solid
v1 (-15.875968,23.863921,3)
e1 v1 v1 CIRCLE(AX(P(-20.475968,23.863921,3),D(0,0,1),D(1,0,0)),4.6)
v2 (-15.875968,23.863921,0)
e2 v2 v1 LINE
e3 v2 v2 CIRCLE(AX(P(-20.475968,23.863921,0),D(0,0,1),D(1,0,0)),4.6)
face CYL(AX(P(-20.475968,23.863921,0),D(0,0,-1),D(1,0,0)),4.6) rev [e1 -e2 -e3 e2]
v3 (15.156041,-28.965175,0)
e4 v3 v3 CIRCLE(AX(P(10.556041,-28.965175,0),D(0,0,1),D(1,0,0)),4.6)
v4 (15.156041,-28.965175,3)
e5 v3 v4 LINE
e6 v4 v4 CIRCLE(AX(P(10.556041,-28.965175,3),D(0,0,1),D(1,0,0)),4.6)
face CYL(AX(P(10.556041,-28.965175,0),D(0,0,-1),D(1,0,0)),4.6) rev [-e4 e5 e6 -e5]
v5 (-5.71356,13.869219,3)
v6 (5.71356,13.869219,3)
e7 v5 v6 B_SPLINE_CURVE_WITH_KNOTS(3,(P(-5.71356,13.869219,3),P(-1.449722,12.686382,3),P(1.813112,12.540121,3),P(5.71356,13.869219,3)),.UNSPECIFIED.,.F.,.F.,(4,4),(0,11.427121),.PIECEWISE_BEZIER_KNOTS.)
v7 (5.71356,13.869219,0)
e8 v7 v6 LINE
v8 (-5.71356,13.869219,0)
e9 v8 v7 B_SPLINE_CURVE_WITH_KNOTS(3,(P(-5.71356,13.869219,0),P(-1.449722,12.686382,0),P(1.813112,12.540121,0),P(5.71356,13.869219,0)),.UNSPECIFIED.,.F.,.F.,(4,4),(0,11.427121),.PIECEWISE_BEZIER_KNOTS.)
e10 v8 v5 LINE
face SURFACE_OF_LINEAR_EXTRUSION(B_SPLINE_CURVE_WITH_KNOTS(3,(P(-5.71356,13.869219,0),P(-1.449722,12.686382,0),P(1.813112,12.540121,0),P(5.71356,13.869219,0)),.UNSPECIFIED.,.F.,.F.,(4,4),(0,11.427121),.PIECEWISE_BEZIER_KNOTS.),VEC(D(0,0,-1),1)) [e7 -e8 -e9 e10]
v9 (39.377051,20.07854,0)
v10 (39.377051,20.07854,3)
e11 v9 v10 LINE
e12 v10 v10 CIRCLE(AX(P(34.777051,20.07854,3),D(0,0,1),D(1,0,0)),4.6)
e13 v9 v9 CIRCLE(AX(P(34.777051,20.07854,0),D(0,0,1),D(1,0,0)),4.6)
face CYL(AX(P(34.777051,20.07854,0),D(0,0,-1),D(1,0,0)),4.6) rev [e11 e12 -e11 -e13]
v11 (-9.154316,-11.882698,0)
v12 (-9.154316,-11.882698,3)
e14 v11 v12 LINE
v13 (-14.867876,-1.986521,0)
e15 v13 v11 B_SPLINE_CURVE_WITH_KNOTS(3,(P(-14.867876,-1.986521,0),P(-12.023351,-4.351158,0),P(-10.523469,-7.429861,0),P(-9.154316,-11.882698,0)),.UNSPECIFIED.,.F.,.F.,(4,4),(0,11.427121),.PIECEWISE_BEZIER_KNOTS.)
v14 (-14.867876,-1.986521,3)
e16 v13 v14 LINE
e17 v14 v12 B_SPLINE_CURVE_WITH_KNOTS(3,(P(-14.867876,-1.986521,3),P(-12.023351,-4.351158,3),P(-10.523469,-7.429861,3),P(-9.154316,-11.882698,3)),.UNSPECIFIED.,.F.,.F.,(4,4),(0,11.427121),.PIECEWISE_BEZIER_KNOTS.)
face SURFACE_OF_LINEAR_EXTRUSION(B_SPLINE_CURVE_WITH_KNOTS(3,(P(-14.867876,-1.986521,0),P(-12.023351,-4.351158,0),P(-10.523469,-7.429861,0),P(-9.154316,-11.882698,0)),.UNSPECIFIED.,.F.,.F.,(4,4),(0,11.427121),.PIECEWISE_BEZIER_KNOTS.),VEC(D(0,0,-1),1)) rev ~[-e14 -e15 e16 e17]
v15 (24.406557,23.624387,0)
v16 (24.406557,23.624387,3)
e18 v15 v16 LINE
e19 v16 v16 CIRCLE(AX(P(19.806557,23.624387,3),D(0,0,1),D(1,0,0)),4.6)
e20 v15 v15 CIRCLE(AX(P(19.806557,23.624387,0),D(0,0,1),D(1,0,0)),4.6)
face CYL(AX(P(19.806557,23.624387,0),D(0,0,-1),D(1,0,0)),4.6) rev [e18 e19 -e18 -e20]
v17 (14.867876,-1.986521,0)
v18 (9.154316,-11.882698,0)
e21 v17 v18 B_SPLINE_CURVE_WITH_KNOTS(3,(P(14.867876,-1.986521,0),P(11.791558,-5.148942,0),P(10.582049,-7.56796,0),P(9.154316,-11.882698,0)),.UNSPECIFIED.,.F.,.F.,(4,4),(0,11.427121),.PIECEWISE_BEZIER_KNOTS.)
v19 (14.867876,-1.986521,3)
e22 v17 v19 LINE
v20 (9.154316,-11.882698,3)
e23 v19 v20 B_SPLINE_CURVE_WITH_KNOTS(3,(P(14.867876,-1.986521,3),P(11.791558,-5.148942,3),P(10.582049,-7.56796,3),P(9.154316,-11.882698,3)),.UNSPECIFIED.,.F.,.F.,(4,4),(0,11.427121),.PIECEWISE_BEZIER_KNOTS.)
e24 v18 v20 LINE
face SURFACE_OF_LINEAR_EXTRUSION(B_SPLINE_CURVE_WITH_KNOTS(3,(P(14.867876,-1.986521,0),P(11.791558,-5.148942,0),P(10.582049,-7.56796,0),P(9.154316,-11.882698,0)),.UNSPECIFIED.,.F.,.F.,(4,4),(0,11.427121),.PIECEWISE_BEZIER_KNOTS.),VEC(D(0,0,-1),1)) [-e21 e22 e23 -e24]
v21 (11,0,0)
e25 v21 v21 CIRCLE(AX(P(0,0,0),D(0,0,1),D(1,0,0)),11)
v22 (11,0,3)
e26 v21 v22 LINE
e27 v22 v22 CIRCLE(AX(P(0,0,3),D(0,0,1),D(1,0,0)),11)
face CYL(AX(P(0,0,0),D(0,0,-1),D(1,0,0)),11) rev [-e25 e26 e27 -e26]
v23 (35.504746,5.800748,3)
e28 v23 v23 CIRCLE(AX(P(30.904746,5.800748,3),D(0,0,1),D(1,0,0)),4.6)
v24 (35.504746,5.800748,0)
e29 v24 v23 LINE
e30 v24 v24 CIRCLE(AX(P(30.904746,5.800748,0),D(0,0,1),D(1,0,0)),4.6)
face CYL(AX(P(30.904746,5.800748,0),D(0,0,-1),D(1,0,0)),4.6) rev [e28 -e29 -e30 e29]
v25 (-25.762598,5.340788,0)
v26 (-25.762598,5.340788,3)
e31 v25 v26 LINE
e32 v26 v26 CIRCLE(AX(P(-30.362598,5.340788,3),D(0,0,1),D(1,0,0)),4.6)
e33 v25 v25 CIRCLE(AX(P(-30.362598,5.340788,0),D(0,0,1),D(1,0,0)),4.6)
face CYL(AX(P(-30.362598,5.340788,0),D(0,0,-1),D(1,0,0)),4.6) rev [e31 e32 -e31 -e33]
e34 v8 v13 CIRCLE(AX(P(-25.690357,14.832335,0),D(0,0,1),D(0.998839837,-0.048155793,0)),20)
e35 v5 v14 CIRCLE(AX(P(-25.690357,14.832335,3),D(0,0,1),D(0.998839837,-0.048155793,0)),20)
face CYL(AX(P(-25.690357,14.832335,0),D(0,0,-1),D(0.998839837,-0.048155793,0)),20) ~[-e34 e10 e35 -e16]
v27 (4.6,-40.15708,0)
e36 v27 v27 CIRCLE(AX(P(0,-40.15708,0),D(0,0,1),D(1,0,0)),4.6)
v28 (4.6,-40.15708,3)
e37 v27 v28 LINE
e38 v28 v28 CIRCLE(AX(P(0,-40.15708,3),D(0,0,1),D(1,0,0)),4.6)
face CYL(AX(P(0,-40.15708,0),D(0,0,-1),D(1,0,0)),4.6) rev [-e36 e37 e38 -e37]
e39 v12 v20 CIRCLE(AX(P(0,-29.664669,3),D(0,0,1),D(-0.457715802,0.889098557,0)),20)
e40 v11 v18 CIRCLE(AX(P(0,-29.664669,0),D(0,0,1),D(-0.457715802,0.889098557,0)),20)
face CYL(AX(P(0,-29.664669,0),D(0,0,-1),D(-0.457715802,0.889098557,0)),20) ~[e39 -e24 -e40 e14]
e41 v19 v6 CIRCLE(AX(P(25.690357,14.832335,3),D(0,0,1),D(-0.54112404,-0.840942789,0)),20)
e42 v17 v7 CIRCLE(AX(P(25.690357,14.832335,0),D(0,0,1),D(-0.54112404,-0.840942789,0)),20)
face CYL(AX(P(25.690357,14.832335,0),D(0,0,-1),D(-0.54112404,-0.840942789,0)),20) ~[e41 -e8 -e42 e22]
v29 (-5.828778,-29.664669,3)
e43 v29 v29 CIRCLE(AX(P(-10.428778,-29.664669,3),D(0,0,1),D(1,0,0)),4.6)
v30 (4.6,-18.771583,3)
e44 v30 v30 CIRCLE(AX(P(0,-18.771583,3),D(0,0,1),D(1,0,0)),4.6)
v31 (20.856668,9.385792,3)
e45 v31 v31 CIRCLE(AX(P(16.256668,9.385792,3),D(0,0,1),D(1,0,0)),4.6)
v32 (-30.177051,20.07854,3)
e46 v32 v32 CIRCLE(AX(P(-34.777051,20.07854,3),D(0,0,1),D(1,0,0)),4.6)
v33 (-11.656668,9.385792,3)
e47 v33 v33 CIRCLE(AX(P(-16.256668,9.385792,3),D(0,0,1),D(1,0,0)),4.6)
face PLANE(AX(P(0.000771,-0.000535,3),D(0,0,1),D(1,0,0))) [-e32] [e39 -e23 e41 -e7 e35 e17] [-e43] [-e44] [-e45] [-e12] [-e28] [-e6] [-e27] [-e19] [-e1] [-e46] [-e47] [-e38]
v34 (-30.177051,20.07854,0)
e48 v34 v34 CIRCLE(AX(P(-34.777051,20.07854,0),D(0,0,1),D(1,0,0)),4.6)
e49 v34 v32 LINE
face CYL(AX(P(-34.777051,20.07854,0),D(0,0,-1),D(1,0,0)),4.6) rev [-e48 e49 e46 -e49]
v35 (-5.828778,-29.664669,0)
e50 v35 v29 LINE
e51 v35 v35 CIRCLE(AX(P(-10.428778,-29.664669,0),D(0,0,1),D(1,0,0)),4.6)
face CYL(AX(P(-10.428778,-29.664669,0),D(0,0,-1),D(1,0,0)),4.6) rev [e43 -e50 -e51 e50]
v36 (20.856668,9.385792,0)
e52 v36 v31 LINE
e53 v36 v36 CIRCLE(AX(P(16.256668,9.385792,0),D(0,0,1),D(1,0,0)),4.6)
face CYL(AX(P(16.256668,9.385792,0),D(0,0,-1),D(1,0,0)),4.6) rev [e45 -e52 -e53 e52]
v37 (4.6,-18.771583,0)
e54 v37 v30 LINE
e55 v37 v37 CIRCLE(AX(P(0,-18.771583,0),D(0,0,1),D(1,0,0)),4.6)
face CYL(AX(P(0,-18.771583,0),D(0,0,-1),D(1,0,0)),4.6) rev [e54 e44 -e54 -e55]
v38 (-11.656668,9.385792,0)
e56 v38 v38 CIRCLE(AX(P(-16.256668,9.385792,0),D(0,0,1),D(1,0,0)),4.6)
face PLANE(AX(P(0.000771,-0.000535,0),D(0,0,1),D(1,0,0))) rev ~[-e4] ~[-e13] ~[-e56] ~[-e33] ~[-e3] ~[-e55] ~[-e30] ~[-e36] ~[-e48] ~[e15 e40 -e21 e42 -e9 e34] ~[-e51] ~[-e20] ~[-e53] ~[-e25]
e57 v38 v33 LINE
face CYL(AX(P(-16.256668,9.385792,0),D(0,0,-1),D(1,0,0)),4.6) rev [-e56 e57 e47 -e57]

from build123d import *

# Parameters (mm, degrees)
F0_R     = 4.6
F0_R_2   = 11
F1_DEPTH = 3


with BuildPart() as f1:
    # F0 (on Top) → F1 (new body)
    with BuildSketch(Plane.XY):
        with BuildLine():
            add(Edge.make_bspline(
                [(-14.867876, -1.986521), (-12.023351, -4.351158), (-10.523469, -7.429861), (-9.154316, -11.882698)],
                knots=[0, 0, 0, 0, 11.427121, 11.427121, 11.427121, 11.427121], degree=3))
            ThreePointArc((-9.154316, -11.882698), (0, -49.664669), (9.154316, -11.882698))
            add(Edge.make_bspline(
                [(14.867876, -1.986521), (11.791558, -5.148942), (10.582049, -7.56796), (9.154316, -11.882698)],
                knots=[0, 0, 0, 0, 11.427121, 11.427121, 11.427121, 11.427121], degree=3))
            ThreePointArc((14.867876, -1.986521), (43.010865, 24.832335), (5.71356, 13.869219))
            add(Edge.make_bspline(
                [(-5.71356, 13.869219), (-1.449722, 12.686382), (1.813112, 12.540121), (5.71356, 13.869219)],
                knots=[0, 0, 0, 0, 11.427121, 11.427121, 11.427121, 11.427121], degree=3))
            ThreePointArc((-5.71356, 13.869219), (-43.010865, 24.832335), (-14.867876, -1.986521))
        make_face()
        with Locations((-10.428778, -29.664669)):
            Circle(F0_R, mode=Mode.SUBTRACT)
        with Locations((0, -40.15708)):
            Circle(F0_R, mode=Mode.SUBTRACT)
        with Locations((10.556041, -28.965175)):
            Circle(F0_R, mode=Mode.SUBTRACT)
        with Locations((0, -18.771583)):
            Circle(F0_R, mode=Mode.SUBTRACT)
        with Locations((-30.362598, 5.340788)):
            Circle(F0_R, mode=Mode.SUBTRACT)
        with Locations((-16.256668, 9.385792)):
            Circle(F0_R, mode=Mode.SUBTRACT)
        with Locations((-34.777051, 20.07854)):
            Circle(F0_R, mode=Mode.SUBTRACT)
        with Locations((-20.475968, 23.863921)):
            Circle(F0_R, mode=Mode.SUBTRACT)
        Circle(F0_R_2, mode=Mode.SUBTRACT)
        with Locations((16.256668, 9.385792)):
            Circle(F0_R, mode=Mode.SUBTRACT)
        with Locations((30.904746, 5.800748)):
            Circle(F0_R, mode=Mode.SUBTRACT)
        with Locations((19.806557, 23.624387)):
            Circle(F0_R, mode=Mode.SUBTRACT)
        with Locations((34.777051, 20.07854)):
            Circle(F0_R, mode=Mode.SUBTRACT)
    extrude(amount=F1_DEPTH)


solid = f1.part
